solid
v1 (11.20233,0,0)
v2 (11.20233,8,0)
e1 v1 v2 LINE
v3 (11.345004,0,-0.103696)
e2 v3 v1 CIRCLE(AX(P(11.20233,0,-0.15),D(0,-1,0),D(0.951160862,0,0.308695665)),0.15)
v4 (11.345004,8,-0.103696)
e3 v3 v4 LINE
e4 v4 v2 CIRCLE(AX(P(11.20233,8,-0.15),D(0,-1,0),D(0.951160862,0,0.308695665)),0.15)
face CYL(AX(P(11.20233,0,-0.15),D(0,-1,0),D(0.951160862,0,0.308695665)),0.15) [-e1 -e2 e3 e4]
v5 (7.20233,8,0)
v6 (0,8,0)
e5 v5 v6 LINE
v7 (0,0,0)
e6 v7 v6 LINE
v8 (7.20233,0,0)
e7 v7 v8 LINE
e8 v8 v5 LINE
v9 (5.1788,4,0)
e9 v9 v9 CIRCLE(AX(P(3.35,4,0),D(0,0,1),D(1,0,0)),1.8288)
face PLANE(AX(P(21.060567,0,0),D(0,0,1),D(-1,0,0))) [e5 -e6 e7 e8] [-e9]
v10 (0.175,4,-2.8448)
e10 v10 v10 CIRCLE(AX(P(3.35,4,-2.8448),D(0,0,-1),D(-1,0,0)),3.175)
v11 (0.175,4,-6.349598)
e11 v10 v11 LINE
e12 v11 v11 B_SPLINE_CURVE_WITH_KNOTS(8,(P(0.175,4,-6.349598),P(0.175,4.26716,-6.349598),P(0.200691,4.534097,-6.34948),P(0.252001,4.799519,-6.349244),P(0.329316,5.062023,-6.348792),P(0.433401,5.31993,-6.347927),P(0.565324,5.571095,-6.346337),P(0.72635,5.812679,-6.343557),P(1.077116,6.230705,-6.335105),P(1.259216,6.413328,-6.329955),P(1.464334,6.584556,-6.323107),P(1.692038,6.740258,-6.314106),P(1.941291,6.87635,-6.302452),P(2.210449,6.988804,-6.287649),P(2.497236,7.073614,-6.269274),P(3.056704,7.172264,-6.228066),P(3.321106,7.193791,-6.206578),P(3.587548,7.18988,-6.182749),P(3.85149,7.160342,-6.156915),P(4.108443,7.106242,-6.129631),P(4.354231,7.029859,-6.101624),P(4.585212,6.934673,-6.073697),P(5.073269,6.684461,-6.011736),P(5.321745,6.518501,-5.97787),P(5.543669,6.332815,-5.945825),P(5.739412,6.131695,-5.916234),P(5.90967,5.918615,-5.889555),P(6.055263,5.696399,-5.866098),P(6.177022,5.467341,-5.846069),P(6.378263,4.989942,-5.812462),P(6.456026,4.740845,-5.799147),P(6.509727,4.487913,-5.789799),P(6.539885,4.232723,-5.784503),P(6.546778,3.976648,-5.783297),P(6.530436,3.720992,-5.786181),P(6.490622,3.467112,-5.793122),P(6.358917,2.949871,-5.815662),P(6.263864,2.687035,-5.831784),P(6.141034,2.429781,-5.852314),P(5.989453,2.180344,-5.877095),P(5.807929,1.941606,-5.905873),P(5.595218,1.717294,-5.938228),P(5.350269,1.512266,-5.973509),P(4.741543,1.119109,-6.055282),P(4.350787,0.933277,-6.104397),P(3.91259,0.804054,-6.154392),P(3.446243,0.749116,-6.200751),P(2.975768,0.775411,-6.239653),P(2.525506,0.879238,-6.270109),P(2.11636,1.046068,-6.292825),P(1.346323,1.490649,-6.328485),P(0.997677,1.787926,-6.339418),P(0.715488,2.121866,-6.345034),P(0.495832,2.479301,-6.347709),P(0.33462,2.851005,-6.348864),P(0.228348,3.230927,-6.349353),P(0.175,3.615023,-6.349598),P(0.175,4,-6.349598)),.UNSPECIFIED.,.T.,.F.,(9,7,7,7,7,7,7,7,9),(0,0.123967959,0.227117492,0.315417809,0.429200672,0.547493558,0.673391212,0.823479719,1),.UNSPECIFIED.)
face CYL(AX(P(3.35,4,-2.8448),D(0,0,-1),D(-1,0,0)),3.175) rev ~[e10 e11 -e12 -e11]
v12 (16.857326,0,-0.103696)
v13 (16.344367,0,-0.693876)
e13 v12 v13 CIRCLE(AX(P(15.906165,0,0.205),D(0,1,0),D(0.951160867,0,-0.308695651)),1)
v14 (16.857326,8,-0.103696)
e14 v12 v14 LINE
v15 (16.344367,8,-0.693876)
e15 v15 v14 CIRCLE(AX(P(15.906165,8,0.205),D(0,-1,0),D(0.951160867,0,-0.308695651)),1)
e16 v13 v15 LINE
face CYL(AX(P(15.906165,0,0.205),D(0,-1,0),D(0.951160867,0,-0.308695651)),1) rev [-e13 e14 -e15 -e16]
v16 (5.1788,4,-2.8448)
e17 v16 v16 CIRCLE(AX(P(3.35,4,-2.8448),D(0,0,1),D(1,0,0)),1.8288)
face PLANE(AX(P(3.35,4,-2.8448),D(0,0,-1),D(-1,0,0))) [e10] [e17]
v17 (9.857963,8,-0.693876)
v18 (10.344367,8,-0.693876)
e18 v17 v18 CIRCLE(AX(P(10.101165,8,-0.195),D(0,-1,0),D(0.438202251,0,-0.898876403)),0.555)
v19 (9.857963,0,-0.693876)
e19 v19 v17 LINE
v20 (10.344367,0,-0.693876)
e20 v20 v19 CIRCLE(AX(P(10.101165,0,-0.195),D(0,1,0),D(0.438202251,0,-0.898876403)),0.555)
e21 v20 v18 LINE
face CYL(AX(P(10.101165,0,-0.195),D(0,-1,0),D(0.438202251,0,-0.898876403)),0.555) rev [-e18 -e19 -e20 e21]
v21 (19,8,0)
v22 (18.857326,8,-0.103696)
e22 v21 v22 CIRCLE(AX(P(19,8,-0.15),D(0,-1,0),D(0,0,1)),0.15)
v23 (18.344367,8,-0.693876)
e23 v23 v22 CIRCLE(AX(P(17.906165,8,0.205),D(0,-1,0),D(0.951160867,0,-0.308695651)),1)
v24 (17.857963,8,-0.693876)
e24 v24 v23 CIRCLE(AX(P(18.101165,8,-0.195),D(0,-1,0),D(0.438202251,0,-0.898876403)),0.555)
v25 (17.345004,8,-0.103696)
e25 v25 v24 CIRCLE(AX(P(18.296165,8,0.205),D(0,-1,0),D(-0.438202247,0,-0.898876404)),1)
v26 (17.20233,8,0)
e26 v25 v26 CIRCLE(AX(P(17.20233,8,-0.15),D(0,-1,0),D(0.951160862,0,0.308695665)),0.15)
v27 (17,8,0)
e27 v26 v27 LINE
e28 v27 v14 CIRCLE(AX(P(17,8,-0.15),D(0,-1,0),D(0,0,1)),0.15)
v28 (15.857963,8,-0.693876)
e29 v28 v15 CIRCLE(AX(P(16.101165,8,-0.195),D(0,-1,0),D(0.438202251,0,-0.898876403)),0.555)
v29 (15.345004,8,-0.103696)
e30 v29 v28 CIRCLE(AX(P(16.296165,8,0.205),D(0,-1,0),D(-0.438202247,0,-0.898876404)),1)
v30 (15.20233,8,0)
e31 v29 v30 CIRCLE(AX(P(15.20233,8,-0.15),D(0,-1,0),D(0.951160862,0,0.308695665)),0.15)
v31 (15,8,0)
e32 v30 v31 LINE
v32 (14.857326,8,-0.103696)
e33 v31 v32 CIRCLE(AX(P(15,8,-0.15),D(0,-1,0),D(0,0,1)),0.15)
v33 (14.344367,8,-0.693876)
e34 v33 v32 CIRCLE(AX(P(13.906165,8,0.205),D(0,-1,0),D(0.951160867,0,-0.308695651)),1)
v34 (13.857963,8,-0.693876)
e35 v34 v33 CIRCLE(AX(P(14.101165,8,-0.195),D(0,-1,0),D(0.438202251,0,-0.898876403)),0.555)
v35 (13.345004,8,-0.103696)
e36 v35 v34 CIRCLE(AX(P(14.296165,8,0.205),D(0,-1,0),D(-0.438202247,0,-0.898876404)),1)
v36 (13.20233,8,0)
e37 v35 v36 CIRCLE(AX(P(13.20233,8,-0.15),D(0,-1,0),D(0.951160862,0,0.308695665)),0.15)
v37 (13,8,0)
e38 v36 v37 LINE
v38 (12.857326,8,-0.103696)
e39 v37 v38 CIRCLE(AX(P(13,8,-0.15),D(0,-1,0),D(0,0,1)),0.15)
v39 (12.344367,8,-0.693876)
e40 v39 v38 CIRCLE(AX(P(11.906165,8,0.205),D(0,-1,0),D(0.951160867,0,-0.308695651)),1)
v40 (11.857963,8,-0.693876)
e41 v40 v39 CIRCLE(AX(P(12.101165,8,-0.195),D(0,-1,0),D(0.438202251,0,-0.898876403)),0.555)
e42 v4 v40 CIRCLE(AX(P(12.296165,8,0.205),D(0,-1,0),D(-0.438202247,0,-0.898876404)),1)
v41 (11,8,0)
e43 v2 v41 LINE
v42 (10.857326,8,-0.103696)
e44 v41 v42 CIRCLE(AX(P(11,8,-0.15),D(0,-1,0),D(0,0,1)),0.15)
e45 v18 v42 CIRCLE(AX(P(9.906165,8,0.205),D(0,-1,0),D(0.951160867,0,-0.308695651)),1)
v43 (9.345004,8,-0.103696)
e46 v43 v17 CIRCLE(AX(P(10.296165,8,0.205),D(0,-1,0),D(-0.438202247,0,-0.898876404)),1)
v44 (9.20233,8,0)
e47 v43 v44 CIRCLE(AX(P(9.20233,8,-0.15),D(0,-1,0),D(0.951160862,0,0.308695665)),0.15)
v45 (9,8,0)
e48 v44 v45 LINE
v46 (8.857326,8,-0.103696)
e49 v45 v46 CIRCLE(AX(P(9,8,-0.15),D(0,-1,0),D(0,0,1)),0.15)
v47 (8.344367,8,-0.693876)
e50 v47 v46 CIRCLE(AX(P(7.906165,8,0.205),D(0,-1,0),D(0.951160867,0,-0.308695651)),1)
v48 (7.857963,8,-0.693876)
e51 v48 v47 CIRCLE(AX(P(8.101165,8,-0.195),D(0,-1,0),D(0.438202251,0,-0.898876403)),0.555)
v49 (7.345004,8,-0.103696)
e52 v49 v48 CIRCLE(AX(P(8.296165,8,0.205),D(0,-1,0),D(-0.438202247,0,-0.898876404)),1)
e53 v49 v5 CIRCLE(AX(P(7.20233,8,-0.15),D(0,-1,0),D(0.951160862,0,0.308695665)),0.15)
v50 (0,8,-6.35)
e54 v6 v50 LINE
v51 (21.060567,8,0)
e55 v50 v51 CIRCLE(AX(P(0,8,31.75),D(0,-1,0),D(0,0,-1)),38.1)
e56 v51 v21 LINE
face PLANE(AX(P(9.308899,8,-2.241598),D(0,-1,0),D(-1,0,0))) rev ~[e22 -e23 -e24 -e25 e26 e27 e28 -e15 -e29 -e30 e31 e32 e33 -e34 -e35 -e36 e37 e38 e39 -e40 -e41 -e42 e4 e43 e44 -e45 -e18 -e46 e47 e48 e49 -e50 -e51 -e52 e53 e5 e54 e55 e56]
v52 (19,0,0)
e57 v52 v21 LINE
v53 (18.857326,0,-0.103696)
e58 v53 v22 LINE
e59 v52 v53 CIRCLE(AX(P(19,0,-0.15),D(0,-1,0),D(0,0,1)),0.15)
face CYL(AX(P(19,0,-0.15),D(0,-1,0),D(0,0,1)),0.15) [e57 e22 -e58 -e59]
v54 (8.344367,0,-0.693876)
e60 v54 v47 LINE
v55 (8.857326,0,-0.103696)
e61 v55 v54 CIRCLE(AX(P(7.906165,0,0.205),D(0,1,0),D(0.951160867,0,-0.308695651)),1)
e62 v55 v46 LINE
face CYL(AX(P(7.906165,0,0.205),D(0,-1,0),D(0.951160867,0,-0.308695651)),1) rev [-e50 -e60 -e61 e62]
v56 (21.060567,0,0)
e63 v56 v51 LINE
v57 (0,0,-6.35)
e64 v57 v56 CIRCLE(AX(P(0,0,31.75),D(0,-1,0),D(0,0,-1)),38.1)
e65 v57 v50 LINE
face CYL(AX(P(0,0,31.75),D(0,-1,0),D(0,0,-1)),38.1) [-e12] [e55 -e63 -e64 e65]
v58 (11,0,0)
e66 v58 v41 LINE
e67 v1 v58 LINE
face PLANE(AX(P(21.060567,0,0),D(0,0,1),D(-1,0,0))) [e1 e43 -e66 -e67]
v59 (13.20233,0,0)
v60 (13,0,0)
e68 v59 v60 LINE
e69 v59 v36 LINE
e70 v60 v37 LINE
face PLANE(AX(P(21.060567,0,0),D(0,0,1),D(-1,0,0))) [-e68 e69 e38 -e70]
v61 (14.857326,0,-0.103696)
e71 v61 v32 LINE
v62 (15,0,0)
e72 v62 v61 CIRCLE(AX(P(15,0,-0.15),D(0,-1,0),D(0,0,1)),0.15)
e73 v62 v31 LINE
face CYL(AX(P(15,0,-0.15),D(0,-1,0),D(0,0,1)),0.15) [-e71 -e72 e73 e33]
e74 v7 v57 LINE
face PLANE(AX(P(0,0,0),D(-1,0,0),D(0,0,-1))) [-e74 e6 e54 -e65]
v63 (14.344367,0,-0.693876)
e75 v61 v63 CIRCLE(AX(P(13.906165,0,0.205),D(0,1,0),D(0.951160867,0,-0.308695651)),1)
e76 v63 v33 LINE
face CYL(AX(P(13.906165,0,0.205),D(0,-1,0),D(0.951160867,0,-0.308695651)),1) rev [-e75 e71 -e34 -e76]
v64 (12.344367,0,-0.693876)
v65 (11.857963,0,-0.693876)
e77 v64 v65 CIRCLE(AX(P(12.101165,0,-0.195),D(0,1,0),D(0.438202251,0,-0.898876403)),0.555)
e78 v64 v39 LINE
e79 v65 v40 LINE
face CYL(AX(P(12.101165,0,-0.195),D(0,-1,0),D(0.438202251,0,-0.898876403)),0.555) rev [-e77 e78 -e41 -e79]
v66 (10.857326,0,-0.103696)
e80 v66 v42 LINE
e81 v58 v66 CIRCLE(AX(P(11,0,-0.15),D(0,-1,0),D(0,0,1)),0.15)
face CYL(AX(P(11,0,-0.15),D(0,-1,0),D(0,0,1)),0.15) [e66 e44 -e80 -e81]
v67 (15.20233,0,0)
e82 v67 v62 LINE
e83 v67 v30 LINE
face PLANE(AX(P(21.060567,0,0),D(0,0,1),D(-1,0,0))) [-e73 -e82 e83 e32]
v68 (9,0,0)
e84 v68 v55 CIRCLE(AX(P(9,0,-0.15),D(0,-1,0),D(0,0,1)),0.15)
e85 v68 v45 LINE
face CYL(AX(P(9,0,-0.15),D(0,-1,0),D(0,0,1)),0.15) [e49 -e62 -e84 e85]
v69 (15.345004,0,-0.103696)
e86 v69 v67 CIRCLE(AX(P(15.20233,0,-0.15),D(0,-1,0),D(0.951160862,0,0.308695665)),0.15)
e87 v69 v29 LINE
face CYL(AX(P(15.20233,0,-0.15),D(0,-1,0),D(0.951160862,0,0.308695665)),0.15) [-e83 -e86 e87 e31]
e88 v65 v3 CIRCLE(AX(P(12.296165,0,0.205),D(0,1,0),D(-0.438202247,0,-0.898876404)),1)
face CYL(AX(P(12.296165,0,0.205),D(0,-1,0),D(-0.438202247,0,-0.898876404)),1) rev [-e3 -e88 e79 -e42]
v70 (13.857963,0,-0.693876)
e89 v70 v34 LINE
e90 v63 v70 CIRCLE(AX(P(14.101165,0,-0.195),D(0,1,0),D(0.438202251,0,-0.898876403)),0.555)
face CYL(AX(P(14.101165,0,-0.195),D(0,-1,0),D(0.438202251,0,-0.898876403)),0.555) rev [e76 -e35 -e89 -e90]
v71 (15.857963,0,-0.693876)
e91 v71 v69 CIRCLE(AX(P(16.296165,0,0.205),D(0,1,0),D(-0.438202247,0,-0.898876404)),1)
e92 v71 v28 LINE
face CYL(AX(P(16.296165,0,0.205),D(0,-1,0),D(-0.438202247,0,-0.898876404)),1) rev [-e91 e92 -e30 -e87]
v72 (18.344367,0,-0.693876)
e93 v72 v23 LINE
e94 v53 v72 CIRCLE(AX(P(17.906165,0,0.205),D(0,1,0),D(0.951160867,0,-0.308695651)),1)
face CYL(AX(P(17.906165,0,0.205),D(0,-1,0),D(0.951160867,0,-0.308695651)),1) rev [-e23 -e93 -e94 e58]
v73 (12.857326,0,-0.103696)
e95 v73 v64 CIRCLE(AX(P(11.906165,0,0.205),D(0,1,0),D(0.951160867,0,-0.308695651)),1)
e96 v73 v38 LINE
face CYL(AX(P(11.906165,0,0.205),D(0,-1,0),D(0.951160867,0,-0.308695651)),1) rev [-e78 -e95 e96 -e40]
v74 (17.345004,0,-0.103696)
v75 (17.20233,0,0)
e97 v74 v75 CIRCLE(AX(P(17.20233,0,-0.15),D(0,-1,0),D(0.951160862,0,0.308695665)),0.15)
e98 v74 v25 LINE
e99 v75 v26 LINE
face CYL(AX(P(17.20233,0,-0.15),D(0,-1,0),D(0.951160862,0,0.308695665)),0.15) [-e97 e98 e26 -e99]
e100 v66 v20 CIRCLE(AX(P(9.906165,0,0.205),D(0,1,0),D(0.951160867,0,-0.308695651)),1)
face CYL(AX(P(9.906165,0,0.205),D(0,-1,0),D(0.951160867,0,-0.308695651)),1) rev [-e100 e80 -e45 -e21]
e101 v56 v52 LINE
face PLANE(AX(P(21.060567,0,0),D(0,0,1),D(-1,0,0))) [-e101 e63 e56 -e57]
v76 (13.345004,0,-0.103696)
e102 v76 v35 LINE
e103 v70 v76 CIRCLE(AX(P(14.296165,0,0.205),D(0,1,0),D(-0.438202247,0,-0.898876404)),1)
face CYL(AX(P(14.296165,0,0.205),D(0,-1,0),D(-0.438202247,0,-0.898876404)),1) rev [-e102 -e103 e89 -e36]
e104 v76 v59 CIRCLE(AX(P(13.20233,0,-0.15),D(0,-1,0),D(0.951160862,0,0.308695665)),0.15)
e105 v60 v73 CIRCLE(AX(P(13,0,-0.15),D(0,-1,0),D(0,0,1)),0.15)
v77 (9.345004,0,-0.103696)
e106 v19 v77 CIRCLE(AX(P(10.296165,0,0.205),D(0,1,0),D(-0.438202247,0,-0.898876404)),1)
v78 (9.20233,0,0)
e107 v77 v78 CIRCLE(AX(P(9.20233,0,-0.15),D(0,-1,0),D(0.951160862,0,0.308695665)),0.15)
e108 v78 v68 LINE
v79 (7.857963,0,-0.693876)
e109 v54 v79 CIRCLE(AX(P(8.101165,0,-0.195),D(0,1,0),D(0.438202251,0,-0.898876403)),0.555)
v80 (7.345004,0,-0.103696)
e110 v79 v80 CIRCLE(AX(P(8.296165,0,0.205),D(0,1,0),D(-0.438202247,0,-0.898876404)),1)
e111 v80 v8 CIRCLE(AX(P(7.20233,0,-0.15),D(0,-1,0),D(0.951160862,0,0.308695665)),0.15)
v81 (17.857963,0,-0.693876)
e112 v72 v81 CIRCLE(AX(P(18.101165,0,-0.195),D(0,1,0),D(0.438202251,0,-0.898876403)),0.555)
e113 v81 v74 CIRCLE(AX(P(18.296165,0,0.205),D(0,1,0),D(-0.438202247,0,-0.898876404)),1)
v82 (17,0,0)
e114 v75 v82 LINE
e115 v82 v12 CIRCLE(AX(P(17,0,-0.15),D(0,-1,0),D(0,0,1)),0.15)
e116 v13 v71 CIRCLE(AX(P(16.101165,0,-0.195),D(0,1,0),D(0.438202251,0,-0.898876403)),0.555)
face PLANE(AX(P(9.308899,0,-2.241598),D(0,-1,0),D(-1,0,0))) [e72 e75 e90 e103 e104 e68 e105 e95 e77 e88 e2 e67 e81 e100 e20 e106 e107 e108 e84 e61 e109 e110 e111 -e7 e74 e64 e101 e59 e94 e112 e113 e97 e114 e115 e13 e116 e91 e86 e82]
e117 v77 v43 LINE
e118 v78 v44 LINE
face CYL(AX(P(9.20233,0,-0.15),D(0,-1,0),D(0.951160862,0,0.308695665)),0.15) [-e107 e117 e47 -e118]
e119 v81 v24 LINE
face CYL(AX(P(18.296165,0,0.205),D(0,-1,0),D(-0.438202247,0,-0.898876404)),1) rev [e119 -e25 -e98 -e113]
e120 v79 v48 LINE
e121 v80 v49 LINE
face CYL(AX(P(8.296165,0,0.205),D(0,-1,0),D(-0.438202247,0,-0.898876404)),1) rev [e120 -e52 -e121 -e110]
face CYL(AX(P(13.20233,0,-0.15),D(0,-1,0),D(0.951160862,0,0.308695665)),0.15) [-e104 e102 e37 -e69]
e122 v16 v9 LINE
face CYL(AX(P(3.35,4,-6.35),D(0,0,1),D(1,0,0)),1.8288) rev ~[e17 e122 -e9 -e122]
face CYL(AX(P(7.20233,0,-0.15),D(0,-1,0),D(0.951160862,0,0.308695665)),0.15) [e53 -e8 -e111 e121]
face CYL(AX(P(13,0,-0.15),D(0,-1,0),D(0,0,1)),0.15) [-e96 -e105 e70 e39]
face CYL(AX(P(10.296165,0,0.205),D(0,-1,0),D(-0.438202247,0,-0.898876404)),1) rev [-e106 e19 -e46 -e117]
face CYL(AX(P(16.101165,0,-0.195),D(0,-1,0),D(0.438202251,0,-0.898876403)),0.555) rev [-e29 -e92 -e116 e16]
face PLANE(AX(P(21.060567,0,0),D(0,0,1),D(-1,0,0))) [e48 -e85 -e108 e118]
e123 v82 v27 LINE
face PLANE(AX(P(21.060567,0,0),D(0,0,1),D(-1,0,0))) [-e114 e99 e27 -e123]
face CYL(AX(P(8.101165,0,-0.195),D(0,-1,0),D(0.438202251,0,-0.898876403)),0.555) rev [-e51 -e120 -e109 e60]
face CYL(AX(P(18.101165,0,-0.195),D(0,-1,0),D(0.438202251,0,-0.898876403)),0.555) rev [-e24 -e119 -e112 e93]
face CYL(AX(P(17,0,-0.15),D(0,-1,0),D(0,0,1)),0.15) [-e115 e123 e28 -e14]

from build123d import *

# Parameters (mm, degrees)
BOSS_EXTRUDE1_DEPTH                            = 8
CBORE_FOR_6_SOCKET_HEAD_CAP_SCREW1_D           = 3.6576
CBORE_FOR_6_SOCKET_HEAD_CAP_SCREW1_CBORE_D     = 6.35
CBORE_FOR_6_SOCKET_HEAD_CAP_SCREW1_CBORE_DEPTH = 3.5052
CUT_EXTRUDE1_DEPTH                             = 9.0000001


with BuildPart() as part:
    # Sketch1 → Boss-Extrude1 (new body)
    with BuildSketch(Plane(origin=(0, 0, 0), x_dir=(1, 0, 0), z_dir=(0, 1, 0))):
        with BuildLine():
            Line((0, 0), (0, 6.35))
            ThreePointArc((0, 6.35), (10.998522628, 4.727972806), (21.060567419, 0))
            Line((21.060567419, 0), (0, 0))
        make_face()
    extrude(amount=BOSS_EXTRUDE1_DEPTH)

    # CBORE for #6 Socket Head Cap Screw1 (through all)
    with Locations(Plane(origin=(0, 0, -6.35), x_dir=(-1, 0, 0), z_dir=(0, 0, -1))):
        with Locations((-3.35, 4)):
            CounterBoreHole(CBORE_FOR_6_SOCKET_HEAD_CAP_SCREW1_D / 2, CBORE_FOR_6_SOCKET_HEAD_CAP_SCREW1_CBORE_D / 2, CBORE_FOR_6_SOCKET_HEAD_CAP_SCREW1_CBORE_DEPTH)

    # Sketch8 → Cut-Extrude1 (cut, through all)
    with BuildSketch(Plane.XZ):
        with BuildLine():
            Line((7.202330007, 0), (7, 0))
            Line((7, 0), (7, 1.396675329))
            Line((7, 1.396675329), (19, 1.396675329))
            Line((19, 1.396675329), (19, 0))
            ThreePointArc((19, 0), (18.911811713, -0.028662347), (18.85732587, -0.103695652))
            ThreePointArc((18.85732587, -0.103695652), (18.66092377, -0.451002442), (18.34436725, -0.693876404))
            ThreePointArc((18.34436725, -0.693876404), (18.101165003, -0.75), (17.857962756, -0.693876404))
            ThreePointArc((17.857962756, -0.693876404), (17.541406237, -0.451002442), (17.345004137, -0.103695652))
            ThreePointArc((17.345004137, -0.103695652), (17.290518293, -0.028662347), (17.202330007, 0))
            Line((17.202330007, 0), (17, 0))
            ThreePointArc((17, 0), (16.911811713, -0.028662347), (16.85732587, -0.103695652))
            ThreePointArc((16.85732587, -0.103695652), (16.66092377, -0.451002442), (16.34436725, -0.693876404))
            ThreePointArc((16.34436725, -0.693876404), (16.101165003, -0.75), (15.857962756, -0.693876404))
            ThreePointArc((15.857962756, -0.693876404), (15.541406237, -0.451002442), (15.345004137, -0.103695652))
            ThreePointArc((15.345004137, -0.103695652), (15.290518293, -0.028662347), (15.202330007, 0))
            Line((15.202330007, 0), (15, 0))
            ThreePointArc((15, 0), (14.911811713, -0.028662347), (14.85732587, -0.103695652))
            ThreePointArc((14.85732587, -0.103695652), (14.66092377, -0.451002442), (14.34436725, -0.693876404))
            ThreePointArc((14.34436725, -0.693876404), (14.101165003, -0.75), (13.857962756, -0.693876404))
            ThreePointArc((13.857962756, -0.693876404), (13.541406237, -0.451002442), (13.345004137, -0.103695652))
            ThreePointArc((13.345004137, -0.103695652), (13.290518293, -0.028662347), (13.202330007, 0))
            Line((13.202330007, 0), (13, 0))
            ThreePointArc((13, 0), (12.911811713, -0.028662347), (12.85732587, -0.103695652))
            ThreePointArc((12.85732587, -0.103695652), (12.66092377, -0.451002442), (12.34436725, -0.693876404))
            ThreePointArc((12.34436725, -0.693876404), (12.101165003, -0.75), (11.857962756, -0.693876404))
            ThreePointArc((11.857962756, -0.693876404), (11.541406237, -0.451002442), (11.345004137, -0.103695652))
            ThreePointArc((11.345004137, -0.103695652), (11.290518293, -0.028662347), (11.202330007, 0))
            Line((11.202330007, 0), (11, 0))
            ThreePointArc((11, 0), (10.911811713, -0.028662347), (10.85732587, -0.103695652))
            ThreePointArc((10.85732587, -0.103695652), (10.66092377, -0.451002442), (10.34436725, -0.693876404))
            ThreePointArc((10.34436725, -0.693876404), (10.101165003, -0.75), (9.857962756, -0.693876404))
            ThreePointArc((9.857962756, -0.693876404), (9.541406237, -0.451002442), (9.345004137, -0.103695652))
            ThreePointArc((9.345004137, -0.103695652), (9.290518293, -0.028662347), (9.202330007, 0))
            Line((9.202330007, 0), (9, 0))
            ThreePointArc((9, 0), (8.911811713, -0.028662347), (8.85732587, -0.103695652))
            ThreePointArc((8.85732587, -0.103695652), (8.66092377, -0.451002442), (8.34436725, -0.693876404))
            ThreePointArc((8.34436725, -0.693876404), (8.101165003, -0.75), (7.857962756, -0.693876404))
            ThreePointArc((7.857962756, -0.693876404), (7.541406237, -0.451002442), (7.345004137, -0.103695652))
            ThreePointArc((7.345004137, -0.103695652), (7.290518293, -0.028662347), (7.202330007, 0))
        make_face()
    extrude(amount=-CUT_EXTRUDE1_DEPTH, mode=Mode.SUBTRACT)


solid = part.part
